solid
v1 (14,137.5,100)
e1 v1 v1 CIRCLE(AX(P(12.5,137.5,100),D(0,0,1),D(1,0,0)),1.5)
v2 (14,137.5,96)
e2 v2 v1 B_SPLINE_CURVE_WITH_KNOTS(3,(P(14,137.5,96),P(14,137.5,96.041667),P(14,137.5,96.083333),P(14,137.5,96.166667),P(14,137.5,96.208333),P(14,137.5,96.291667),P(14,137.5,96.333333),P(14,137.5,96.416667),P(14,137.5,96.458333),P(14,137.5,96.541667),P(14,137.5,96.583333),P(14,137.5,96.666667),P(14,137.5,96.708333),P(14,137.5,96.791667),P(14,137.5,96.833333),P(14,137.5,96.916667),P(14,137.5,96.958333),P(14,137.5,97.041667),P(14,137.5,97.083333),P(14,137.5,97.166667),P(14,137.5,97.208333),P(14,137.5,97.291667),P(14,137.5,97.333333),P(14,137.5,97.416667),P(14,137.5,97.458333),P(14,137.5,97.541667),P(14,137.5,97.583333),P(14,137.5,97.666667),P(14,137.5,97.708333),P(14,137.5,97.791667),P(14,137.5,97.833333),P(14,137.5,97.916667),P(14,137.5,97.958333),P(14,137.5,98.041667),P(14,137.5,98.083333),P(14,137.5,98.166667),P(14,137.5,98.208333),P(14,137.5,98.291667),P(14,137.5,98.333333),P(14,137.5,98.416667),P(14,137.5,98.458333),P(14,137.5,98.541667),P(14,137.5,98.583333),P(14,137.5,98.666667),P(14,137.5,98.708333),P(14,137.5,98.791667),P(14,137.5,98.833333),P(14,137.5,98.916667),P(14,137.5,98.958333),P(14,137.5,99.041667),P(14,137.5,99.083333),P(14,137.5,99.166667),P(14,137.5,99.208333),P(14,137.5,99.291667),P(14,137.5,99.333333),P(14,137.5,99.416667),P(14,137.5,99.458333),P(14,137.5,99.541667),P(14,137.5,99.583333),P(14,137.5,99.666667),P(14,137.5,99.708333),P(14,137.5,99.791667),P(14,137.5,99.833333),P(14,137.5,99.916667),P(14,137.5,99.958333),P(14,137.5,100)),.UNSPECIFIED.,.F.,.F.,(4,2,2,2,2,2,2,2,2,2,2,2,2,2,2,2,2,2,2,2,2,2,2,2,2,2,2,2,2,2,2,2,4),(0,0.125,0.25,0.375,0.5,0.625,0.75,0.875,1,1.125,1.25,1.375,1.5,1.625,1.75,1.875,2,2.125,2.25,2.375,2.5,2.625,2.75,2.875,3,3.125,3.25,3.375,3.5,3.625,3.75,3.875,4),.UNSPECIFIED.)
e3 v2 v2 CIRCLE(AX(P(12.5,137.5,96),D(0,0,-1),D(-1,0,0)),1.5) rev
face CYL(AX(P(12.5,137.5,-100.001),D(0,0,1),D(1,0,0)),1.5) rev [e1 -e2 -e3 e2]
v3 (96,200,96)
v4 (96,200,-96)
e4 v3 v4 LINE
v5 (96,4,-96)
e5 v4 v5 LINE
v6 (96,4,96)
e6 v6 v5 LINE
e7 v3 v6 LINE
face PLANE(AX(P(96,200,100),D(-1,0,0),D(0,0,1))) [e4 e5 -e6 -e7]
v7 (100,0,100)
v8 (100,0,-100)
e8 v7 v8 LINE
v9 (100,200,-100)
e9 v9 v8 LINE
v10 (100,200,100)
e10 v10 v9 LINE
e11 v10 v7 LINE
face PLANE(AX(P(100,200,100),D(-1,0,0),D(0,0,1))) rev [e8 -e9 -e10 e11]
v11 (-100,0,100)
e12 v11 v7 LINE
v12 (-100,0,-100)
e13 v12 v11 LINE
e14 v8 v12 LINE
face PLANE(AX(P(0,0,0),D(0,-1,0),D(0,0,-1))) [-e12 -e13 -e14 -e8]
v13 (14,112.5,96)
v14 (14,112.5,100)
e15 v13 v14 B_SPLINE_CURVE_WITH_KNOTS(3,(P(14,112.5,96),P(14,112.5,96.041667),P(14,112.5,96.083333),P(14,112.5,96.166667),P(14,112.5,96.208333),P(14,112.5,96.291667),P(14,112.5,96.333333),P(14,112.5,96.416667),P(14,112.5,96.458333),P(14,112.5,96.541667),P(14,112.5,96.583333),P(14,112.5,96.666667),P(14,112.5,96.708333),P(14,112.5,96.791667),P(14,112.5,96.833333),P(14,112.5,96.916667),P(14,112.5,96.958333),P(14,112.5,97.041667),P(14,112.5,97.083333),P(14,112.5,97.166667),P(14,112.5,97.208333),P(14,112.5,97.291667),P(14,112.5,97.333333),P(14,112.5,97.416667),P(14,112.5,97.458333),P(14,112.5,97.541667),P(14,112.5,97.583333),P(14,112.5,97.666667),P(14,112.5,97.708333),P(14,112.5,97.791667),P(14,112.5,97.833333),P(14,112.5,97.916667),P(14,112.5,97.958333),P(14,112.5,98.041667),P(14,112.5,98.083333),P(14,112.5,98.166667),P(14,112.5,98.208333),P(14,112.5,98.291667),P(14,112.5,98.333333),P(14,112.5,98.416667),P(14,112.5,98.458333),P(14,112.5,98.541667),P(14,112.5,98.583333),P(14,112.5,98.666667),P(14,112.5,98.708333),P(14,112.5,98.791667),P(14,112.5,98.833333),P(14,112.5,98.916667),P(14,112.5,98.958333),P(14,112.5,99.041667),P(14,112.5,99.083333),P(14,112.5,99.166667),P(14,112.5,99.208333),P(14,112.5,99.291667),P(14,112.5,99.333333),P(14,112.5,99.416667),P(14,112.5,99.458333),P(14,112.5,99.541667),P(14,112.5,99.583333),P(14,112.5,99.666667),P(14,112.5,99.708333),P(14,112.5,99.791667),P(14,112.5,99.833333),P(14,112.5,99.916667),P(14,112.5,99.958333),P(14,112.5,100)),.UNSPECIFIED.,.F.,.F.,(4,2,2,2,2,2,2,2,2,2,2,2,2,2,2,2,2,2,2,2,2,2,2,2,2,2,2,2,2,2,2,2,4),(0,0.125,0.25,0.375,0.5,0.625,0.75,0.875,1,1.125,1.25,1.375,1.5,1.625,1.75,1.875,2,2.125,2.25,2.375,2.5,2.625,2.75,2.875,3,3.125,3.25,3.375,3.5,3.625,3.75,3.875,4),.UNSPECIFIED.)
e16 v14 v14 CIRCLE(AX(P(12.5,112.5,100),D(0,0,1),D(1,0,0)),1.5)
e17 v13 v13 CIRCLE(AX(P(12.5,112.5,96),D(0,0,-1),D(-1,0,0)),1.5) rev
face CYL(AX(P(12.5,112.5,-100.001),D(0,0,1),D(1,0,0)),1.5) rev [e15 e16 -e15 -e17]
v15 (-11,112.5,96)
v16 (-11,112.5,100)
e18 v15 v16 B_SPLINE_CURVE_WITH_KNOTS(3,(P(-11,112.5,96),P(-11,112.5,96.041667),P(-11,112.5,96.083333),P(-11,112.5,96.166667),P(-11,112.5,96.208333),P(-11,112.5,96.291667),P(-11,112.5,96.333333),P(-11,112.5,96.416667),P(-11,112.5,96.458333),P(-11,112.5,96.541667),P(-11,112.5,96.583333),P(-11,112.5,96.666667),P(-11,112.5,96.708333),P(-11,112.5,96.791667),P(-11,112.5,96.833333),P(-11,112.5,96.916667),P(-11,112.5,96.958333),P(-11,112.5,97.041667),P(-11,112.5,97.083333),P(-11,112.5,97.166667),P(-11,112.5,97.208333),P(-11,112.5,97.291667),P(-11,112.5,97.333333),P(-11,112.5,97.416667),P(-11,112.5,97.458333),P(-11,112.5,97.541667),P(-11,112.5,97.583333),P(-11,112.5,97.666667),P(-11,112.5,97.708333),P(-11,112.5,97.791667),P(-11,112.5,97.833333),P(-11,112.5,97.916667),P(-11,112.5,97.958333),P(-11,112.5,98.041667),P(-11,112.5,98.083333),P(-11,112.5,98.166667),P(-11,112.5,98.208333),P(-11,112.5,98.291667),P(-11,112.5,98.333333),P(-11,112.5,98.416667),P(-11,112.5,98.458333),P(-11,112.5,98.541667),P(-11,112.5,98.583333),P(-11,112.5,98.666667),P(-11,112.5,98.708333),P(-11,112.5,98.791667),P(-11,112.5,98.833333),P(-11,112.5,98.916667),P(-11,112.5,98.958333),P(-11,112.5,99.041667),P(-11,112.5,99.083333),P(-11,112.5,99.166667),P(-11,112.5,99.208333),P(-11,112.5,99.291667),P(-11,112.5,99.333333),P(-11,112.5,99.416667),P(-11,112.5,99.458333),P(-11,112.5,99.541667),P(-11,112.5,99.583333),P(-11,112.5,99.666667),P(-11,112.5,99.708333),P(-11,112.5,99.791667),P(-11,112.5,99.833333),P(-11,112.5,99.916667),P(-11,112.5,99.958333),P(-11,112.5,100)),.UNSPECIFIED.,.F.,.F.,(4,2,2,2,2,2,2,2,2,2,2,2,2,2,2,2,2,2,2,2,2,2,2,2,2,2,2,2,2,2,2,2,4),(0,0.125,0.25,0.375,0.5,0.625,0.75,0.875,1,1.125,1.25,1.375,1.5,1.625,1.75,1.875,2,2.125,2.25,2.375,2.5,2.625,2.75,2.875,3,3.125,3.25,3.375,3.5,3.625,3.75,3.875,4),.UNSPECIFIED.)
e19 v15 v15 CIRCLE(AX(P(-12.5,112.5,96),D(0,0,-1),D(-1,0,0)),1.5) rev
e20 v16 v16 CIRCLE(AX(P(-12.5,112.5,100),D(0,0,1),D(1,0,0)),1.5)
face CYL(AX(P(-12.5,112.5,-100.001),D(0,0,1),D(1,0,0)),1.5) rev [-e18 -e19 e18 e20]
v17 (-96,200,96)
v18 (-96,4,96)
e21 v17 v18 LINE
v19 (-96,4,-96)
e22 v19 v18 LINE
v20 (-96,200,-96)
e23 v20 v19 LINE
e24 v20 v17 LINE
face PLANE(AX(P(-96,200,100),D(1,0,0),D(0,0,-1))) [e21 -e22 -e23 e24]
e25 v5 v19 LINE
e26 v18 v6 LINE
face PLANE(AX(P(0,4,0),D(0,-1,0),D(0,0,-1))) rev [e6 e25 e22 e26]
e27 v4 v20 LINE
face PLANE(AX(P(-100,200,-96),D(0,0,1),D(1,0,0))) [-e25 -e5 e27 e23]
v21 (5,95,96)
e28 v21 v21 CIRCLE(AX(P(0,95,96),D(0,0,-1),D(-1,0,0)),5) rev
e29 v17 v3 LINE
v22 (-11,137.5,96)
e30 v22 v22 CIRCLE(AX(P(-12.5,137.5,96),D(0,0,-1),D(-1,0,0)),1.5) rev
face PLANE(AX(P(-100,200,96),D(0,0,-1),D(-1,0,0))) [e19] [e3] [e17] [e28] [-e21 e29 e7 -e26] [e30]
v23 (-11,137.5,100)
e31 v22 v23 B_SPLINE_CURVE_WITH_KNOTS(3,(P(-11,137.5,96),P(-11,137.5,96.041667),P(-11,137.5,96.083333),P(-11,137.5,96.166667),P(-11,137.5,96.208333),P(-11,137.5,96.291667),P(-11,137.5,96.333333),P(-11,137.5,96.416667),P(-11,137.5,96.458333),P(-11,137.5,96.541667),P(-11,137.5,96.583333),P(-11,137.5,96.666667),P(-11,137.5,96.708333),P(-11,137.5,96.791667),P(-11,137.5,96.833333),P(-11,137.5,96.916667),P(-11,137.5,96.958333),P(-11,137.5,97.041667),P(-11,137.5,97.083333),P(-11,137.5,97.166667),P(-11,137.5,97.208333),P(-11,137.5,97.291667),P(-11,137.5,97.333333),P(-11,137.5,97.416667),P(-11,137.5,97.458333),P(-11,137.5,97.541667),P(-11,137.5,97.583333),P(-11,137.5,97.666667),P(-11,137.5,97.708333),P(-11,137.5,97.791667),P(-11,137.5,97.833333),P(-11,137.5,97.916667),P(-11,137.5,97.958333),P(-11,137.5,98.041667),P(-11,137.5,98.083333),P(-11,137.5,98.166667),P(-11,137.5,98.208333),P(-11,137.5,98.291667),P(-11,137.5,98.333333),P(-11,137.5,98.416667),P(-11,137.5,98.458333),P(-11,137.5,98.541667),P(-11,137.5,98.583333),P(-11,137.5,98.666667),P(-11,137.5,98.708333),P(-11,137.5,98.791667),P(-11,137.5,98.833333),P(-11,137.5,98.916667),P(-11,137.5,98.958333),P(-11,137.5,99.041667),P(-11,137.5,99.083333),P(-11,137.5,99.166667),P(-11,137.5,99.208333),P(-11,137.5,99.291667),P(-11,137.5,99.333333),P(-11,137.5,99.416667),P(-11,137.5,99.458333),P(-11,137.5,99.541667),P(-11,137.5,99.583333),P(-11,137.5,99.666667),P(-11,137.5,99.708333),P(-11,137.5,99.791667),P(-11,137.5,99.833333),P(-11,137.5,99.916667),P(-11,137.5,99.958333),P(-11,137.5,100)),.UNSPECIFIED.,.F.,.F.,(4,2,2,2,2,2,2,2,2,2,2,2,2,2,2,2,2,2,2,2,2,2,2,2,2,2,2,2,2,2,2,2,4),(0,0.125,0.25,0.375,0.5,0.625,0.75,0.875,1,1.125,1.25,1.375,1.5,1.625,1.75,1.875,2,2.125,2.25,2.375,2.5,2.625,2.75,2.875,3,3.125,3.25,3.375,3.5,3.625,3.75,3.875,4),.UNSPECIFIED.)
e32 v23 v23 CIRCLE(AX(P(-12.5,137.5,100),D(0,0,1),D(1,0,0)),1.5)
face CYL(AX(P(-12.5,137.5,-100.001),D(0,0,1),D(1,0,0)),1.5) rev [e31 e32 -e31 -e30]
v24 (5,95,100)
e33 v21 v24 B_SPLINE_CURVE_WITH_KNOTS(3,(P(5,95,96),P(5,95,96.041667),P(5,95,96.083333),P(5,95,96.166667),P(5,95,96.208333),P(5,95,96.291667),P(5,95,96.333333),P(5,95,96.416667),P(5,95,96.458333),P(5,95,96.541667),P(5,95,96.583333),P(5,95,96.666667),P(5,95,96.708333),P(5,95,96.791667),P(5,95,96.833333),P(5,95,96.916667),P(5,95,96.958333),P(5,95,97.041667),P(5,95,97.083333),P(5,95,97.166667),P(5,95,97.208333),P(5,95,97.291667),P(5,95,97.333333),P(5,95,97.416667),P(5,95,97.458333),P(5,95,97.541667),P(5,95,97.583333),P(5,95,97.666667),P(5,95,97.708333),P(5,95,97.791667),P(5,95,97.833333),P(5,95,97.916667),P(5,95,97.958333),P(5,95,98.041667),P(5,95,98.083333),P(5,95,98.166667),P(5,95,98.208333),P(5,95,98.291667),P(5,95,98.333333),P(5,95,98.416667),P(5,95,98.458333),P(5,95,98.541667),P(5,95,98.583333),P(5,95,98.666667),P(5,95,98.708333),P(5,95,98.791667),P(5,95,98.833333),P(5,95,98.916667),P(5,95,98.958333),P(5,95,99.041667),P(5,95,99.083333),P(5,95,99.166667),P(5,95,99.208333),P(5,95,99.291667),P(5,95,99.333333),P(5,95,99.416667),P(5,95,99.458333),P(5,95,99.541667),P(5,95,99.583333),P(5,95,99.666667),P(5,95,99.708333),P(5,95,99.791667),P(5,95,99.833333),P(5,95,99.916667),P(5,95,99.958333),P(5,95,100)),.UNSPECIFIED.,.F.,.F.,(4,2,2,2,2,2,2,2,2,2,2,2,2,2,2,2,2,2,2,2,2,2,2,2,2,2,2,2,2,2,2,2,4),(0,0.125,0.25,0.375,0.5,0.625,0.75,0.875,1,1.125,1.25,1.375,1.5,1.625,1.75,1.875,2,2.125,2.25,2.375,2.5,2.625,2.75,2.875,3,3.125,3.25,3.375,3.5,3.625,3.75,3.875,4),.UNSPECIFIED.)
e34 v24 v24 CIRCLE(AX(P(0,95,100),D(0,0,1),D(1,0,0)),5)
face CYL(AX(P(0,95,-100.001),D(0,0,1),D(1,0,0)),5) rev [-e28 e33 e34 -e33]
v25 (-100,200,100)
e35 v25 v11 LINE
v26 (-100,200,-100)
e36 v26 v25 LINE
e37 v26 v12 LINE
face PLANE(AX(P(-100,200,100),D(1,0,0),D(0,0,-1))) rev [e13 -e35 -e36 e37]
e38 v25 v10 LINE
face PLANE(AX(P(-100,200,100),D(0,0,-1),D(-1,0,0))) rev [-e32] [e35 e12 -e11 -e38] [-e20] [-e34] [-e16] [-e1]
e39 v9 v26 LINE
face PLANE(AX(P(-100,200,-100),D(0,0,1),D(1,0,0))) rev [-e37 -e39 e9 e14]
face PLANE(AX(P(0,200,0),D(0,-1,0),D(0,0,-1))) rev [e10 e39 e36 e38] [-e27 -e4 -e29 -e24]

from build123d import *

# Parameters (mm, degrees)
SKETCH1_W           = 200
SKETCH1_H           = 200
BOSS_EXTRUDE1_DEPTH = 200
SHELL1_T            = -4
CUT_EXTRUDE1_REACH  = 302
SKETCH2_R           = 1.5
SKETCH2_R_2         = 5


with BuildPart() as part:
    # Sketch1 → Boss-Extrude1 (new body)
    with BuildSketch(Plane(origin=(0, 0, 0), x_dir=(1, 0, 0), z_dir=(0, 1, 0))):
        Rectangle(SKETCH1_W, SKETCH1_H)
    extrude(amount=BOSS_EXTRUDE1_DEPTH)

    # Shell1
    shell1_openings = [part.faces().sort_by_distance(p)[0] for p in [
        (0, 200, 0),
    ]]
    offset(amount=SHELL1_T, openings=shell1_openings, kind=Kind.INTERSECTION)

    # Sketch2 → Cut-Extrude1 (cut, up to next)
    with BuildSketch(Plane.XY.offset(100), mode=Mode.PRIVATE) as cut_extrude1_sk1:
        with Locations((-12.5, 137.5)):
            Circle(SKETCH2_R)
    cut_extrude1_tool1 = extrude(cut_extrude1_sk1.sketch, amount=-CUT_EXTRUDE1_REACH, mode=Mode.PRIVATE) & part.part
    # Sketch2 → Cut-Extrude1 (cut, up to next)
    with BuildSketch(Plane.XY.offset(100), mode=Mode.PRIVATE) as cut_extrude1_sk2:
        with Locations((12.5, 137.5)):
            Circle(SKETCH2_R)
    cut_extrude1_tool2 = extrude(cut_extrude1_sk2.sketch, amount=-CUT_EXTRUDE1_REACH, mode=Mode.PRIVATE) & part.part
    # Sketch2 → Cut-Extrude1 (cut, up to next)
    with BuildSketch(Plane.XY.offset(100), mode=Mode.PRIVATE) as cut_extrude1_sk3:
        with Locations((12.5, 112.5)):
            Circle(SKETCH2_R)
    cut_extrude1_tool3 = extrude(cut_extrude1_sk3.sketch, amount=-CUT_EXTRUDE1_REACH, mode=Mode.PRIVATE) & part.part
    # Sketch2 → Cut-Extrude1 (cut, up to next)
    with BuildSketch(Plane.XY.offset(100), mode=Mode.PRIVATE) as cut_extrude1_sk4:
        with Locations((-12.5, 112.5)):
            Circle(SKETCH2_R)
    cut_extrude1_tool4 = extrude(cut_extrude1_sk4.sketch, amount=-CUT_EXTRUDE1_REACH, mode=Mode.PRIVATE) & part.part
    # Sketch2 → Cut-Extrude1 (cut, up to next)
    with BuildSketch(Plane.XY.offset(100), mode=Mode.PRIVATE) as cut_extrude1_sk5:
        with Locations((0, 95)):
            Circle(SKETCH2_R_2)
    cut_extrude1_tool5 = extrude(cut_extrude1_sk5.sketch, amount=-CUT_EXTRUDE1_REACH, mode=Mode.PRIVATE) & part.part
    add(cut_extrude1_tool1.solids().sort_by_distance((-12.5, 137.5, 100))[0], mode=Mode.SUBTRACT)
    add(cut_extrude1_tool2.solids().sort_by_distance((12.5, 137.5, 100))[0], mode=Mode.SUBTRACT)
    add(cut_extrude1_tool3.solids().sort_by_distance((12.5, 112.5, 100))[0], mode=Mode.SUBTRACT)
    add(cut_extrude1_tool4.solids().sort_by_distance((-12.5, 112.5, 100))[0], mode=Mode.SUBTRACT)
    add(cut_extrude1_tool5.solids().sort_by_distance((0, 95, 100))[0], mode=Mode.SUBTRACT)


solid = part.part
